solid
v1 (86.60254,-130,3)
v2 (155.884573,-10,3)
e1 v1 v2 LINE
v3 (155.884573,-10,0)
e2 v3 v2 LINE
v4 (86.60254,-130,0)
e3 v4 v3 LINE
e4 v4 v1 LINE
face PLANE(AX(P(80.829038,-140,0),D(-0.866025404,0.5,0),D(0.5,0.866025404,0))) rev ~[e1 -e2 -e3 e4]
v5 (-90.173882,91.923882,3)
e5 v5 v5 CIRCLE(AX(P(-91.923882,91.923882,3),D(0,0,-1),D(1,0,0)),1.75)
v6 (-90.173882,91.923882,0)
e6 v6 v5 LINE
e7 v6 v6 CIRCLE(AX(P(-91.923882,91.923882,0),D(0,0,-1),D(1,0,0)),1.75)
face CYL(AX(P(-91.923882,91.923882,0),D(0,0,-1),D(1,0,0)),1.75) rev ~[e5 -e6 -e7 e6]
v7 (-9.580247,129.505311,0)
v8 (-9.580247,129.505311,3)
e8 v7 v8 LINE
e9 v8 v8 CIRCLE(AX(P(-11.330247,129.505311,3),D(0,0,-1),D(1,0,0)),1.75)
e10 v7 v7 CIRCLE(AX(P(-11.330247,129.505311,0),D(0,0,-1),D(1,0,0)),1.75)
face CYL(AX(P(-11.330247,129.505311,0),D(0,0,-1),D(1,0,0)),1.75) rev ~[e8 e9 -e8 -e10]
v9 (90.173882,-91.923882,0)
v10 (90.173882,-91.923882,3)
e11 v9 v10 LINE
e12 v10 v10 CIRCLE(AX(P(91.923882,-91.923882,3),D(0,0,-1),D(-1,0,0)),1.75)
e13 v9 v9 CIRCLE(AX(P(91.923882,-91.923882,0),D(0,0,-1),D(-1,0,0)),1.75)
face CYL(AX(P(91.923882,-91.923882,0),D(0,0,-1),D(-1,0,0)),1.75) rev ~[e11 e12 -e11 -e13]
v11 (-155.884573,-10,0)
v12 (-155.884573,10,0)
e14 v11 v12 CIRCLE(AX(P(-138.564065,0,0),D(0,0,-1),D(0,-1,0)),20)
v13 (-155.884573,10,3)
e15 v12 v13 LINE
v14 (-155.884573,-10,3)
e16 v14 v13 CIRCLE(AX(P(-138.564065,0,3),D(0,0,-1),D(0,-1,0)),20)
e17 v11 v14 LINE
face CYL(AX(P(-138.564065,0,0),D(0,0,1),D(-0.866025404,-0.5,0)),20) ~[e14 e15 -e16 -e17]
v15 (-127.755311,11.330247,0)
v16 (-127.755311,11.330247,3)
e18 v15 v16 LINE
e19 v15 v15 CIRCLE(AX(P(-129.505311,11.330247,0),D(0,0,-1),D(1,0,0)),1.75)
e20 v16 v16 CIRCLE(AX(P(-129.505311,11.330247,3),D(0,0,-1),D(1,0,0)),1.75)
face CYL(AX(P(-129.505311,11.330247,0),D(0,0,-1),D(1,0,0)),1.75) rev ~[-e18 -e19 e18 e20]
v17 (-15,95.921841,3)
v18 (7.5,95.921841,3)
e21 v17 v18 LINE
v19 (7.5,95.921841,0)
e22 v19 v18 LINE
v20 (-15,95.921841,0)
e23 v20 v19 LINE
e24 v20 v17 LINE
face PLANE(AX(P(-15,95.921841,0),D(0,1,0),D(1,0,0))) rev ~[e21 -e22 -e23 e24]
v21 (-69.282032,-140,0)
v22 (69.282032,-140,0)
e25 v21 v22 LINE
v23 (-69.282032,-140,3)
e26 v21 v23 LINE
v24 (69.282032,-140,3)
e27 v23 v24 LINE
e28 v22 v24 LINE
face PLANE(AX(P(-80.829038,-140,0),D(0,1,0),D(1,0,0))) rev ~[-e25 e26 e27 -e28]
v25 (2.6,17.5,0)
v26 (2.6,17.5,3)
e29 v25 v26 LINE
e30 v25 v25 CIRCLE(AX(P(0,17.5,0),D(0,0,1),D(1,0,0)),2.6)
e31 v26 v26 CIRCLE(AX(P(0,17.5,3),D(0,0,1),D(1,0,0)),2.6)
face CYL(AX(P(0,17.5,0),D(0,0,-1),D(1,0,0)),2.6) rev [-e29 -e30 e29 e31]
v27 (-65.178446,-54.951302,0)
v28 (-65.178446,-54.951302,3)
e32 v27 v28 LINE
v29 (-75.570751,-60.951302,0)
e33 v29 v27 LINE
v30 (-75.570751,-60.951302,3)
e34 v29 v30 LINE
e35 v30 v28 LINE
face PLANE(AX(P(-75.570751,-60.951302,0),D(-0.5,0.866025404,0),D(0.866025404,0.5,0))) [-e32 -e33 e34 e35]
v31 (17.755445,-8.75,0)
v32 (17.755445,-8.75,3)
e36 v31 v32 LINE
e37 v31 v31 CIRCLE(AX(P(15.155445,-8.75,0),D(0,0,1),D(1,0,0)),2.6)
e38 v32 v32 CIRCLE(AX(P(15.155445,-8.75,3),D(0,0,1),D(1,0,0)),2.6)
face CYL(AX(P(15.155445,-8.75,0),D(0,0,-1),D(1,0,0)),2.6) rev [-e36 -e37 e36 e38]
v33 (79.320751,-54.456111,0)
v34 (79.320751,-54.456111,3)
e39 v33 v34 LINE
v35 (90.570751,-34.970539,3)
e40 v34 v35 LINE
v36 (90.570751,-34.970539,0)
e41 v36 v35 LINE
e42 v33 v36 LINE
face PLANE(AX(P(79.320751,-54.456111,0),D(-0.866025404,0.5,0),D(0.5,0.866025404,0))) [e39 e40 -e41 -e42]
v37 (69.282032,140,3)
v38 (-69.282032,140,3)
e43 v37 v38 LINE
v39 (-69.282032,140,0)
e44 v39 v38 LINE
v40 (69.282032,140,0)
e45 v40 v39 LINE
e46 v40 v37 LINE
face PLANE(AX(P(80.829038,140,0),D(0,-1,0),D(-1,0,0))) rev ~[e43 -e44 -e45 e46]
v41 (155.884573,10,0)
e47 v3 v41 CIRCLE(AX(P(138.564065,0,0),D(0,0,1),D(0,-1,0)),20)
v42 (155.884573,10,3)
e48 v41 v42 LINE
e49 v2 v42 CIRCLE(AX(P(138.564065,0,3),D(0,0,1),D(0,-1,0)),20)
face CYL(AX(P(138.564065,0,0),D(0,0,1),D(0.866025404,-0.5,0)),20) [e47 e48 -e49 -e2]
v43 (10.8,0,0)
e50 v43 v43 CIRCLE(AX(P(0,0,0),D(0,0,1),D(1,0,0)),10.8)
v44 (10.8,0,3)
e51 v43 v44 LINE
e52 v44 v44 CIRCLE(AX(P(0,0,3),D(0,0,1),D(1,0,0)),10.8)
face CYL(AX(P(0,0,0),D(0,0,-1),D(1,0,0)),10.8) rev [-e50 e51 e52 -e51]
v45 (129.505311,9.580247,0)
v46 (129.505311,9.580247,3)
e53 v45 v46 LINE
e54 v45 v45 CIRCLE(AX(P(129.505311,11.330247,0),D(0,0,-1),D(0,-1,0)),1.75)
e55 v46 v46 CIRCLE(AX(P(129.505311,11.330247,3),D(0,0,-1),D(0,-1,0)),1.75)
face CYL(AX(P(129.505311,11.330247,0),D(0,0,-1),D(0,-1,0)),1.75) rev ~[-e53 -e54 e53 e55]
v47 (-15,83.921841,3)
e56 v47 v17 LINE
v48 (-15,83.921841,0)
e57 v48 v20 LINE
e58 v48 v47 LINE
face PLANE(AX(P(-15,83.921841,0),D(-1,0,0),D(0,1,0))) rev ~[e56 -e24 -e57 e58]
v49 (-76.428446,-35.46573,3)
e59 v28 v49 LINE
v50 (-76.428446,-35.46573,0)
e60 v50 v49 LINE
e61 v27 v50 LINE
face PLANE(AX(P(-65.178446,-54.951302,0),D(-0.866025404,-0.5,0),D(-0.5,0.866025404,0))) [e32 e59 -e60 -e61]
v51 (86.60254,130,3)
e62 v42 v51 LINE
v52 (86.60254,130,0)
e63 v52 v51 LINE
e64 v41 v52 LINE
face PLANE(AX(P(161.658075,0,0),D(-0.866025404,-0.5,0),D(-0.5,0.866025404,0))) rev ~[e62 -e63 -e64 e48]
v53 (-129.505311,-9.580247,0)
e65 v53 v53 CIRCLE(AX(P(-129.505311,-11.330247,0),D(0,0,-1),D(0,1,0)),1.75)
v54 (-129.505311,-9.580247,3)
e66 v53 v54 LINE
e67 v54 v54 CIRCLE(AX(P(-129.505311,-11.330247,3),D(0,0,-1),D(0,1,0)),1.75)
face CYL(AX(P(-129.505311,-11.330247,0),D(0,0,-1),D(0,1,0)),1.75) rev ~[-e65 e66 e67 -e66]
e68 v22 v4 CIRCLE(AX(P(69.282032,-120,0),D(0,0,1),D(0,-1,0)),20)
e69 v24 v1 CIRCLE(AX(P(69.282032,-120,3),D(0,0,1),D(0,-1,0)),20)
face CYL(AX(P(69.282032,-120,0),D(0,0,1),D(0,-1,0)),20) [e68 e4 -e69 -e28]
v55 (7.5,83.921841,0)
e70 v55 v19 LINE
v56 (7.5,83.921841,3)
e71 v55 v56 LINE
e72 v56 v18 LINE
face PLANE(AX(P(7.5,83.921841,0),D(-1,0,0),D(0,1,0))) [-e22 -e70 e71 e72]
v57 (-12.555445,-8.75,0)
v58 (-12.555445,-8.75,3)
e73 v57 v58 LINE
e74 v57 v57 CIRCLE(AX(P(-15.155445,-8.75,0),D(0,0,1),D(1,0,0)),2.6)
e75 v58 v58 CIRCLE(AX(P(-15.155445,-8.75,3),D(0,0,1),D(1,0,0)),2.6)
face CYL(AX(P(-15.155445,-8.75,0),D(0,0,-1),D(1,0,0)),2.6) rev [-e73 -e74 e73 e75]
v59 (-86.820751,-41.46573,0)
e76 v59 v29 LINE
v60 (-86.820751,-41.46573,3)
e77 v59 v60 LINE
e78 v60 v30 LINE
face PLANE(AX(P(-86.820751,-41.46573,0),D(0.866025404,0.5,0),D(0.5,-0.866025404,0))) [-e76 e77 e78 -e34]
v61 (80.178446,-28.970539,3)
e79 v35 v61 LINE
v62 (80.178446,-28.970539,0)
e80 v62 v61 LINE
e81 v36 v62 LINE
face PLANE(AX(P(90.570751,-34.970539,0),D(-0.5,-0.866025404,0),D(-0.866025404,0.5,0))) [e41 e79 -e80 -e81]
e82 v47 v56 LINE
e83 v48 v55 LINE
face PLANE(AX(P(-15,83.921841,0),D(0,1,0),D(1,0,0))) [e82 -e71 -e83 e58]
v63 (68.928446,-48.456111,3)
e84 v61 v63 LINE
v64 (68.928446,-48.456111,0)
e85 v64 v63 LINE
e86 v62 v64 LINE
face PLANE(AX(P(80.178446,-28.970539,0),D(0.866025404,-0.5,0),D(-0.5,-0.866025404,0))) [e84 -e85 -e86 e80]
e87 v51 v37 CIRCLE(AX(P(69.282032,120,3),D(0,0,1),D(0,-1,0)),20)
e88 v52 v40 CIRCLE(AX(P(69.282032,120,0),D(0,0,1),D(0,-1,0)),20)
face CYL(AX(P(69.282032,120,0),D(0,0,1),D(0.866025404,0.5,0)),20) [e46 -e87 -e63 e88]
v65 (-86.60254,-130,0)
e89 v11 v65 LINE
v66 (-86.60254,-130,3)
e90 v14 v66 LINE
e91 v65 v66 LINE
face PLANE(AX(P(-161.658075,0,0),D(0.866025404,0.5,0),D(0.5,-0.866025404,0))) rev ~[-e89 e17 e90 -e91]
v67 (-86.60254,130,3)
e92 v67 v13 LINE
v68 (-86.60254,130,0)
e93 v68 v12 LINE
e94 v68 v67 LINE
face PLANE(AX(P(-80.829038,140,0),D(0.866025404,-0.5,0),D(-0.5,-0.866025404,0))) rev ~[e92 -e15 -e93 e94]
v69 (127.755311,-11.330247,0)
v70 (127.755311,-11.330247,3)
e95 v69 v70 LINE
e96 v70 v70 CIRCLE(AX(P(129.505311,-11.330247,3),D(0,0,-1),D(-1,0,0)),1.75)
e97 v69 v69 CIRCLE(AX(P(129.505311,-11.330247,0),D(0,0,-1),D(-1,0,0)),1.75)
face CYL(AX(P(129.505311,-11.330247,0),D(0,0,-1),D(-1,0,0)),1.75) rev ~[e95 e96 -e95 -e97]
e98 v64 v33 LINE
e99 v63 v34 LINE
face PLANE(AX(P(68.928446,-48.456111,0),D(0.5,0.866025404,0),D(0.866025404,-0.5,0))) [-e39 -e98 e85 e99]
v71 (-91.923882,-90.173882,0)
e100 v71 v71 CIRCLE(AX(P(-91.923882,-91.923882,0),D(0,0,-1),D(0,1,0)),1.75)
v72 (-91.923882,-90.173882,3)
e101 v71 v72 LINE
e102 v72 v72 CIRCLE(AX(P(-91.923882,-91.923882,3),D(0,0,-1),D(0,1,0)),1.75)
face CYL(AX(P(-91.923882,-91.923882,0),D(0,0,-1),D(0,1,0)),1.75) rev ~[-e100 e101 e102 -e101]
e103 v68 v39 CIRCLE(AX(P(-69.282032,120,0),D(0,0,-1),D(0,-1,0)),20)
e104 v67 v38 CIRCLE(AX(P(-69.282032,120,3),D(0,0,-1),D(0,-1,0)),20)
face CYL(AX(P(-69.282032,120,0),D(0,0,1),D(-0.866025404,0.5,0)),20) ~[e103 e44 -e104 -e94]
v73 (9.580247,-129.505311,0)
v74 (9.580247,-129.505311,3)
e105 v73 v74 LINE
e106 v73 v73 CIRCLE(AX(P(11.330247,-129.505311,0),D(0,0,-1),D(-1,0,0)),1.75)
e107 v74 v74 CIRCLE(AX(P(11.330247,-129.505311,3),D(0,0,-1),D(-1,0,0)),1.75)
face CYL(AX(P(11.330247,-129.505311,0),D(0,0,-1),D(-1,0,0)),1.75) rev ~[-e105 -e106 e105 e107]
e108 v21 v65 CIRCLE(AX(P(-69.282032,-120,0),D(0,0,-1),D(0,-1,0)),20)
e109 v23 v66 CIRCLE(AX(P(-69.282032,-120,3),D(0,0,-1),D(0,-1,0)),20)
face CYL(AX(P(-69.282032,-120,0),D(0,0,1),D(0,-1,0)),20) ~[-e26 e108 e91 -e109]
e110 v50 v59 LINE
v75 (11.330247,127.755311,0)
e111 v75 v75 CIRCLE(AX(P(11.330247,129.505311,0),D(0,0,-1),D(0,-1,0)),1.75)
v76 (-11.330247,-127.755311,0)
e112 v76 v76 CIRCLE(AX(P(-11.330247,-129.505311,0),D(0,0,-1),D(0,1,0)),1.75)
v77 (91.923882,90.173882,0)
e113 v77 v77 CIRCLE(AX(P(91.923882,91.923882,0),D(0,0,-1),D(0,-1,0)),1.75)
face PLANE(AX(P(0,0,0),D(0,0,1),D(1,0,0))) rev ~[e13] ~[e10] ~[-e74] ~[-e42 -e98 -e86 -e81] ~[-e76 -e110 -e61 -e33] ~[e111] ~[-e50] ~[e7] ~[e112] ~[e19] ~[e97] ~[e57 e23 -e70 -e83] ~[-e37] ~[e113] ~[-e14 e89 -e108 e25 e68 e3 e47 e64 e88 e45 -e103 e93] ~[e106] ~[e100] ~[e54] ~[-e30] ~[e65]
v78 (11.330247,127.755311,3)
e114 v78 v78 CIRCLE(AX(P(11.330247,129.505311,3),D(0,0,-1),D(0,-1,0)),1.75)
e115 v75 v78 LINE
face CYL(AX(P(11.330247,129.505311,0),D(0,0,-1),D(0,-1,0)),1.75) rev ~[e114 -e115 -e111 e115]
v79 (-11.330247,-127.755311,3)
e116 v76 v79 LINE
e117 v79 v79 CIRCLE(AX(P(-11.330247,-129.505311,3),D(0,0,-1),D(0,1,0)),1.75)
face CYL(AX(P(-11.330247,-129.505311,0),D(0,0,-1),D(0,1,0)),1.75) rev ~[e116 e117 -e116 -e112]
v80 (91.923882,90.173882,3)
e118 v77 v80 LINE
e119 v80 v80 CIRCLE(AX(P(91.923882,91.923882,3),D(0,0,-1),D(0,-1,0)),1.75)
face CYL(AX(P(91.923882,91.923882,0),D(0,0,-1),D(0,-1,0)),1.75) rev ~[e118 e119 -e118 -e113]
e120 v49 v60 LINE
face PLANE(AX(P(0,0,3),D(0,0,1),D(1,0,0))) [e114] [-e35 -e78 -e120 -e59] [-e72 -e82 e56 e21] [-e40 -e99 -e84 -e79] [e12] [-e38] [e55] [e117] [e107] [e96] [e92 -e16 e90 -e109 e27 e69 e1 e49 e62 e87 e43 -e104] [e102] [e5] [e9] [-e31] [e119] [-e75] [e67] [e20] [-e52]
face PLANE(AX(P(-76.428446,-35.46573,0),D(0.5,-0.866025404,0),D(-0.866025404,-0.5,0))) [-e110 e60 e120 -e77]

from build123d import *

# Parameters (mm, degrees)
CROQUIS1_R              = 10.8
CROQUIS1_R_2            = 2.6
CROQUIS1_W              = 22.5
CROQUIS1_H              = 12
SALIENTE_EXTRUIR1_DEPTH = 3
REDONDEO1_R             = 20
CROQUIS3_R              = 1.75
CORTAR_EXTRUIR1_DEPTH   = 212.545651301
MATRIZC1_COUNT          = 4


with BuildPart() as part:
    # Croquis1 → Saliente-Extruir1 (new body)
    with BuildSketch(Plane.XY):
        Polygon((-80.829037687, -140), (80.829037687, -140), (161.658075373, 0), (80.829037687, 140), (-80.829037687, 140), (-161.658075373, 0), align=None)
        Circle(CROQUIS1_R, mode=Mode.SUBTRACT)
        with Locations((0, 17.5)):
            Circle(CROQUIS1_R_2, mode=Mode.SUBTRACT)
        with Locations((15.155444566, -8.75)):
            Circle(CROQUIS1_R_2, mode=Mode.SUBTRACT)
        with Locations((-15.155444566, -8.75)):
            Circle(CROQUIS1_R_2, mode=Mode.SUBTRACT)
        with Locations((-3.75, 89.921841062)):
            Rectangle(CROQUIS1_W, CROQUIS1_H, mode=Mode.SUBTRACT)
        Polygon((90.570751138, -34.970539474), (80.178446292, -28.970539474), (68.928446292, -48.456111059), (79.320751138, -54.456111059), align=None, mode=Mode.SUBTRACT)
        Polygon((-75.570751138, -60.951301588), (-65.178446292, -54.951301588), (-76.428446292, -35.465730003), (-86.820751138, -41.465730003), align=None, mode=Mode.SUBTRACT)
    extrude(amount=SALIENTE_EXTRUIR1_DEPTH)

    # Redondeo1
    redondeo1_edges = [part.edges().sort_by_distance(p)[0] for p in [
        (161.658075373, 0, 1.5),
        (80.829037687, -140, 1.5),
        (-80.829037687, -140, 1.5),
        (-161.658075373, 0, 1.5),
        (-80.829037687, 140, 1.5),
        (80.829037687, 140, 1.5),
    ]]
    fillet(redondeo1_edges, radius=REDONDEO1_R)

    # Croquis3 → Cortar-Extruir1 (cut, through all)
    with BuildSketch(Plane(origin=(0, 0, 0), x_dir=(1, 0, 0), z_dir=(0, 0, -1))):
        with Locations(Location((129.505310752, 11.330246557, 0), (0, 0, 180))):
            Circle(CROQUIS3_R)
        with Locations(Location((91.923881554, 91.923881554, 0), (0, 0, 180))):
            Circle(CROQUIS3_R)
        with Locations(Location((11.330246557, 129.505310752, 0), (0, 0, 180))):
            Circle(CROQUIS3_R)
    cortar_extruir1 = extrude(amount=-CORTAR_EXTRUIR1_DEPTH, mode=Mode.SUBTRACT)

    # MatrizC1: Cortar-Extruir1 ×4 about axis
    matrizc1_axis = Axis((0, 0, 0), (0, 0, 1))
    for i in range(1, MATRIZC1_COUNT):
        add(cortar_extruir1.rotate(matrizc1_axis, i * 360 / MATRIZC1_COUNT), mode=Mode.SUBTRACT)


solid = part.part
